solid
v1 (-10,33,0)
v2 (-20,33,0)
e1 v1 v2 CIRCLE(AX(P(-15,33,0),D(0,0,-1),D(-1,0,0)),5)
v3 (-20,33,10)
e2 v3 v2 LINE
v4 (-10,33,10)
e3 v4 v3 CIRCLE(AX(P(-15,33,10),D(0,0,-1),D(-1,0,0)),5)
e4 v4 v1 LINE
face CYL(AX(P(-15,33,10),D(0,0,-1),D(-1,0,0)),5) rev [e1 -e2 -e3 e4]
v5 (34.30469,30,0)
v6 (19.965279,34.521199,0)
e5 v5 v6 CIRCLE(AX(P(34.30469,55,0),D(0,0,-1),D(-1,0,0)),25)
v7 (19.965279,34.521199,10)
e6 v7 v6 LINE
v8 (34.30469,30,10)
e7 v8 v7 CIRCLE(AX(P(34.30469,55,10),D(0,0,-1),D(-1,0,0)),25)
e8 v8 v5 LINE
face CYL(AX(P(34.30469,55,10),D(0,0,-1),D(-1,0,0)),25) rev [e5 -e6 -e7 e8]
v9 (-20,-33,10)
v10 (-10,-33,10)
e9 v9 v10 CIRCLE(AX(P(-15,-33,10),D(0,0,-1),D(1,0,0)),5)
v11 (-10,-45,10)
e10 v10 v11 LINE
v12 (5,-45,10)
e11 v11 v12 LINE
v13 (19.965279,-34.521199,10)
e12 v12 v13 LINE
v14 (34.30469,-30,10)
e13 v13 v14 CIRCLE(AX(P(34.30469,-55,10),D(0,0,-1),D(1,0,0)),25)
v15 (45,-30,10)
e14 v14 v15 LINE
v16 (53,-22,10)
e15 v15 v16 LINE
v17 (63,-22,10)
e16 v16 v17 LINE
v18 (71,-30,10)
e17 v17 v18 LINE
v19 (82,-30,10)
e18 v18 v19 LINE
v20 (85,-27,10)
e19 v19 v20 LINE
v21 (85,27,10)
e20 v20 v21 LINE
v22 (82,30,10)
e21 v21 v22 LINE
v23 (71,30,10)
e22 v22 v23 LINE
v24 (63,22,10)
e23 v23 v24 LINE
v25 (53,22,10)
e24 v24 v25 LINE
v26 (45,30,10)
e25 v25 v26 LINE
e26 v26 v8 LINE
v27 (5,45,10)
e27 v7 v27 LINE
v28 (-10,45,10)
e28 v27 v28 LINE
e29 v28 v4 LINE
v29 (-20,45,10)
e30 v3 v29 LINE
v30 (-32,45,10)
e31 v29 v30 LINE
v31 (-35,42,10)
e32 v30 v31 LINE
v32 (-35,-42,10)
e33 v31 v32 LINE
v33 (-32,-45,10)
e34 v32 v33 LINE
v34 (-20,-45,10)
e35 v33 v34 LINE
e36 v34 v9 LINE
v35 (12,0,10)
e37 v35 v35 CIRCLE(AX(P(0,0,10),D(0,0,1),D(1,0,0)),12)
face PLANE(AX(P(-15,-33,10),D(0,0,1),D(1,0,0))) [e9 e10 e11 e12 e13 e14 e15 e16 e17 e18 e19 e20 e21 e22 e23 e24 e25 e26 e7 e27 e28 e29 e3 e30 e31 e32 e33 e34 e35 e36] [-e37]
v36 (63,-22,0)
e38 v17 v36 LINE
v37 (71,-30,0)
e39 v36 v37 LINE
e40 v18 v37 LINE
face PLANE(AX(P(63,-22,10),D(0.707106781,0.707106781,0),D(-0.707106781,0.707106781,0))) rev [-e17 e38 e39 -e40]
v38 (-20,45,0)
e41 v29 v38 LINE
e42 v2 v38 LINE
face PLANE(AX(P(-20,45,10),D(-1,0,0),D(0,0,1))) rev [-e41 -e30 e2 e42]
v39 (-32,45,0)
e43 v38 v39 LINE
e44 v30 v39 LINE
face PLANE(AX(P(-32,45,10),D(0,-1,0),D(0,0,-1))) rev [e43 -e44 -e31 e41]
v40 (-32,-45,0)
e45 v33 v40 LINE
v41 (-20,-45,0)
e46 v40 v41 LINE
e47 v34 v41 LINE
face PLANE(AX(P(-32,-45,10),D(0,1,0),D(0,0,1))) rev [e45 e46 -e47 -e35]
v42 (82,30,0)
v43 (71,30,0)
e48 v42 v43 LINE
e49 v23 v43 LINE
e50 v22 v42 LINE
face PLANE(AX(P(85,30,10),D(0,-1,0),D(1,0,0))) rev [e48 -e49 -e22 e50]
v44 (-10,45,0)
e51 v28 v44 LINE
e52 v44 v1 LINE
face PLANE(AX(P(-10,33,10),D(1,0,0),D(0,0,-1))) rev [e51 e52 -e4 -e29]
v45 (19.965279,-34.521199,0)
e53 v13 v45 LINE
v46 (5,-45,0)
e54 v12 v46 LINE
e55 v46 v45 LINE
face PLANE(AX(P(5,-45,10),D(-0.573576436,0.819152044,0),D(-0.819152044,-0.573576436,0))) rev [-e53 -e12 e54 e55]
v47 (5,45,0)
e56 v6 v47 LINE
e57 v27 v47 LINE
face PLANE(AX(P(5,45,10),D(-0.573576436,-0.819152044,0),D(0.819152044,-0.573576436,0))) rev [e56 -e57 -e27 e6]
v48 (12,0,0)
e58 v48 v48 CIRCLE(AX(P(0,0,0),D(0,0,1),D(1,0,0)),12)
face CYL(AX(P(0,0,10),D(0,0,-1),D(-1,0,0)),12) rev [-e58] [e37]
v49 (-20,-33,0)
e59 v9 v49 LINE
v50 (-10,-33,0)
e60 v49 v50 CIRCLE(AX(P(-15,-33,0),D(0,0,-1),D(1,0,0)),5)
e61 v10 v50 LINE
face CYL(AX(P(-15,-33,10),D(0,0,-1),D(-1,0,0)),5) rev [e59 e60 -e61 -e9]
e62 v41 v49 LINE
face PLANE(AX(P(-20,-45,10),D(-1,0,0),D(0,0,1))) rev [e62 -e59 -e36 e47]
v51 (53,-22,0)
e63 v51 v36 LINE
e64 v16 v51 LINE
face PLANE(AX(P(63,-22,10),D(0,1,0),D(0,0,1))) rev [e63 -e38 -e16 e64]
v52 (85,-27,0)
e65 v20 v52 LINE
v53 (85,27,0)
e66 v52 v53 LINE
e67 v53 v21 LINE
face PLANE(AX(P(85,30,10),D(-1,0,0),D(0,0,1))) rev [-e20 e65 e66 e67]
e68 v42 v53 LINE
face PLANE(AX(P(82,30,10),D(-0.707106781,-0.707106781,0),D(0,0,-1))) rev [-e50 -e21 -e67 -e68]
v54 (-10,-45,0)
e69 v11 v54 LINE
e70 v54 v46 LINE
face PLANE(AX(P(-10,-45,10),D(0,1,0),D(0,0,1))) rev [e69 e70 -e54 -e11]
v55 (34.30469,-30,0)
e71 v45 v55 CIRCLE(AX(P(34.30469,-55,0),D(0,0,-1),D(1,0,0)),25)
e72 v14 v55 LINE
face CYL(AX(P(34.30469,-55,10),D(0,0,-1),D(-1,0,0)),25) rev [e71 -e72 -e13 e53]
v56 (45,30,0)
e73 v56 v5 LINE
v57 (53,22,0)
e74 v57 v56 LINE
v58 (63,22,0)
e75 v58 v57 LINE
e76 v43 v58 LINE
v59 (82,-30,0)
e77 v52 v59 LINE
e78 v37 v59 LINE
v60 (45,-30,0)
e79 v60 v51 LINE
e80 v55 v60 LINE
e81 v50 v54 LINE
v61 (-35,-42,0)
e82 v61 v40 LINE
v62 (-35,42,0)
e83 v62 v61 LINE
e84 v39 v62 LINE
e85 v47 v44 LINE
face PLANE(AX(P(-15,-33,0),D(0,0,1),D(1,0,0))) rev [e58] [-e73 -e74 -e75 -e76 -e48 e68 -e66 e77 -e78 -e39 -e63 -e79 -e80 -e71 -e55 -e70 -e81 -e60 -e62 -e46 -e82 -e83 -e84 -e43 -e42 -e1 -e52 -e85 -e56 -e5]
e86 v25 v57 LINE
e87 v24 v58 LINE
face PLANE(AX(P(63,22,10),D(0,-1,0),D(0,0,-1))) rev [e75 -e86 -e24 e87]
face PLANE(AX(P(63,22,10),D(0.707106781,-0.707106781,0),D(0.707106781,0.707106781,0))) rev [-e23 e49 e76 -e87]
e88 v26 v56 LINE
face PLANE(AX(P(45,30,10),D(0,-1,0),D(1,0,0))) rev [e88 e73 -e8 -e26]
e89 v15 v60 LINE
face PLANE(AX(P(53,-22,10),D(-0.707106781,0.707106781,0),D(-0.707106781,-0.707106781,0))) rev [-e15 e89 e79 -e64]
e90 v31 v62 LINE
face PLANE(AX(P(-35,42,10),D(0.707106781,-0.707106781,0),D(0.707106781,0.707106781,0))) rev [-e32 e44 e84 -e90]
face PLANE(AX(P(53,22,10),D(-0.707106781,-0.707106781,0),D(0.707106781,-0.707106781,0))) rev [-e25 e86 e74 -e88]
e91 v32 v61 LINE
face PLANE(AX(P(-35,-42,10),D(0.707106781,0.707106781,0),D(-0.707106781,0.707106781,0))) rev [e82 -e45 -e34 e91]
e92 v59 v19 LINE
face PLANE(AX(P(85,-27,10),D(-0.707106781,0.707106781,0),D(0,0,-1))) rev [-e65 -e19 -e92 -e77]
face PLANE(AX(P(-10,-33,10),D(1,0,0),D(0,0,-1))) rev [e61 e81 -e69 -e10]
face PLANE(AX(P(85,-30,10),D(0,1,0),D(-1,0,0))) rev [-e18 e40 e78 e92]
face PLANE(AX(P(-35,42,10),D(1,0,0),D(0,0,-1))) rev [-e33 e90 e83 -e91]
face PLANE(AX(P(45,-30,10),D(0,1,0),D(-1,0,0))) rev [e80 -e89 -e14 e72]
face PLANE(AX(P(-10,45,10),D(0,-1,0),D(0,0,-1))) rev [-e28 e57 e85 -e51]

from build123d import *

# Parameters (mm, degrees)
SKETCH1_R           = 12
BOSS_EXTRUDE1_DEPTH = 10
CHAMFER1_SIZE       = 3


with BuildPart() as part:
    # Sketch1 → Boss-Extrude1 (new body)
    with BuildSketch(Plane.XY):
        with BuildLine():
            Line((-35, 42), (-35, -42))
            Line((-35, -42), (-32, -45))
            Line((-32, -45), (-20, -45))
            Line((-20, -45), (-20, -33))
            ThreePointArc((-20, -33), (-15, -28), (-10, -33))
            Line((-10, -33), (-10, -45))
            Line((-10, -45), (5, -45))
            Line((5, -45), (19.965278914, -34.521198893))
            ThreePointArc((19.965278914, -34.521198893), (26.787044835, -31.157076231), (34.304689823, -30))
            Line((34.304689823, -30), (45, -30))
            Line((45, -30), (53, -22))
            Line((53, -22), (63, -22))
            Line((63, -22), (71, -30))
            Line((71, -30), (85, -30))
            Line((85, -30), (85, 30))
            Line((85, 30), (71, 30))
            Line((71, 30), (63, 22))
            Line((63, 22), (53, 22))
            Line((53, 22), (45, 30))
            Line((45, 30), (34.304689823, 30))
            ThreePointArc((34.304689823, 30), (26.787044835, 31.157076231), (19.965278914, 34.521198893))
            Line((19.965278914, 34.521198893), (5, 45))
            Line((5, 45), (-10, 45))
            Line((-10, 45), (-10, 33))
            ThreePointArc((-10, 33), (-15, 28), (-20, 33))
            Line((-20, 33), (-20, 45))
            Line((-20, 45), (-32, 45))
            Line((-32, 45), (-35, 42))
        make_face()
        Circle(SKETCH1_R, mode=Mode.SUBTRACT)
    extrude(amount=BOSS_EXTRUDE1_DEPTH)

    # Chamfer1
    chamfer1_edges = [part.edges().sort_by_distance(p)[0] for p in [
        (85, 30, 5),
        (85, -30, 5),
    ]]
    chamfer(chamfer1_edges, length=CHAMFER1_SIZE)


solid = part.part
